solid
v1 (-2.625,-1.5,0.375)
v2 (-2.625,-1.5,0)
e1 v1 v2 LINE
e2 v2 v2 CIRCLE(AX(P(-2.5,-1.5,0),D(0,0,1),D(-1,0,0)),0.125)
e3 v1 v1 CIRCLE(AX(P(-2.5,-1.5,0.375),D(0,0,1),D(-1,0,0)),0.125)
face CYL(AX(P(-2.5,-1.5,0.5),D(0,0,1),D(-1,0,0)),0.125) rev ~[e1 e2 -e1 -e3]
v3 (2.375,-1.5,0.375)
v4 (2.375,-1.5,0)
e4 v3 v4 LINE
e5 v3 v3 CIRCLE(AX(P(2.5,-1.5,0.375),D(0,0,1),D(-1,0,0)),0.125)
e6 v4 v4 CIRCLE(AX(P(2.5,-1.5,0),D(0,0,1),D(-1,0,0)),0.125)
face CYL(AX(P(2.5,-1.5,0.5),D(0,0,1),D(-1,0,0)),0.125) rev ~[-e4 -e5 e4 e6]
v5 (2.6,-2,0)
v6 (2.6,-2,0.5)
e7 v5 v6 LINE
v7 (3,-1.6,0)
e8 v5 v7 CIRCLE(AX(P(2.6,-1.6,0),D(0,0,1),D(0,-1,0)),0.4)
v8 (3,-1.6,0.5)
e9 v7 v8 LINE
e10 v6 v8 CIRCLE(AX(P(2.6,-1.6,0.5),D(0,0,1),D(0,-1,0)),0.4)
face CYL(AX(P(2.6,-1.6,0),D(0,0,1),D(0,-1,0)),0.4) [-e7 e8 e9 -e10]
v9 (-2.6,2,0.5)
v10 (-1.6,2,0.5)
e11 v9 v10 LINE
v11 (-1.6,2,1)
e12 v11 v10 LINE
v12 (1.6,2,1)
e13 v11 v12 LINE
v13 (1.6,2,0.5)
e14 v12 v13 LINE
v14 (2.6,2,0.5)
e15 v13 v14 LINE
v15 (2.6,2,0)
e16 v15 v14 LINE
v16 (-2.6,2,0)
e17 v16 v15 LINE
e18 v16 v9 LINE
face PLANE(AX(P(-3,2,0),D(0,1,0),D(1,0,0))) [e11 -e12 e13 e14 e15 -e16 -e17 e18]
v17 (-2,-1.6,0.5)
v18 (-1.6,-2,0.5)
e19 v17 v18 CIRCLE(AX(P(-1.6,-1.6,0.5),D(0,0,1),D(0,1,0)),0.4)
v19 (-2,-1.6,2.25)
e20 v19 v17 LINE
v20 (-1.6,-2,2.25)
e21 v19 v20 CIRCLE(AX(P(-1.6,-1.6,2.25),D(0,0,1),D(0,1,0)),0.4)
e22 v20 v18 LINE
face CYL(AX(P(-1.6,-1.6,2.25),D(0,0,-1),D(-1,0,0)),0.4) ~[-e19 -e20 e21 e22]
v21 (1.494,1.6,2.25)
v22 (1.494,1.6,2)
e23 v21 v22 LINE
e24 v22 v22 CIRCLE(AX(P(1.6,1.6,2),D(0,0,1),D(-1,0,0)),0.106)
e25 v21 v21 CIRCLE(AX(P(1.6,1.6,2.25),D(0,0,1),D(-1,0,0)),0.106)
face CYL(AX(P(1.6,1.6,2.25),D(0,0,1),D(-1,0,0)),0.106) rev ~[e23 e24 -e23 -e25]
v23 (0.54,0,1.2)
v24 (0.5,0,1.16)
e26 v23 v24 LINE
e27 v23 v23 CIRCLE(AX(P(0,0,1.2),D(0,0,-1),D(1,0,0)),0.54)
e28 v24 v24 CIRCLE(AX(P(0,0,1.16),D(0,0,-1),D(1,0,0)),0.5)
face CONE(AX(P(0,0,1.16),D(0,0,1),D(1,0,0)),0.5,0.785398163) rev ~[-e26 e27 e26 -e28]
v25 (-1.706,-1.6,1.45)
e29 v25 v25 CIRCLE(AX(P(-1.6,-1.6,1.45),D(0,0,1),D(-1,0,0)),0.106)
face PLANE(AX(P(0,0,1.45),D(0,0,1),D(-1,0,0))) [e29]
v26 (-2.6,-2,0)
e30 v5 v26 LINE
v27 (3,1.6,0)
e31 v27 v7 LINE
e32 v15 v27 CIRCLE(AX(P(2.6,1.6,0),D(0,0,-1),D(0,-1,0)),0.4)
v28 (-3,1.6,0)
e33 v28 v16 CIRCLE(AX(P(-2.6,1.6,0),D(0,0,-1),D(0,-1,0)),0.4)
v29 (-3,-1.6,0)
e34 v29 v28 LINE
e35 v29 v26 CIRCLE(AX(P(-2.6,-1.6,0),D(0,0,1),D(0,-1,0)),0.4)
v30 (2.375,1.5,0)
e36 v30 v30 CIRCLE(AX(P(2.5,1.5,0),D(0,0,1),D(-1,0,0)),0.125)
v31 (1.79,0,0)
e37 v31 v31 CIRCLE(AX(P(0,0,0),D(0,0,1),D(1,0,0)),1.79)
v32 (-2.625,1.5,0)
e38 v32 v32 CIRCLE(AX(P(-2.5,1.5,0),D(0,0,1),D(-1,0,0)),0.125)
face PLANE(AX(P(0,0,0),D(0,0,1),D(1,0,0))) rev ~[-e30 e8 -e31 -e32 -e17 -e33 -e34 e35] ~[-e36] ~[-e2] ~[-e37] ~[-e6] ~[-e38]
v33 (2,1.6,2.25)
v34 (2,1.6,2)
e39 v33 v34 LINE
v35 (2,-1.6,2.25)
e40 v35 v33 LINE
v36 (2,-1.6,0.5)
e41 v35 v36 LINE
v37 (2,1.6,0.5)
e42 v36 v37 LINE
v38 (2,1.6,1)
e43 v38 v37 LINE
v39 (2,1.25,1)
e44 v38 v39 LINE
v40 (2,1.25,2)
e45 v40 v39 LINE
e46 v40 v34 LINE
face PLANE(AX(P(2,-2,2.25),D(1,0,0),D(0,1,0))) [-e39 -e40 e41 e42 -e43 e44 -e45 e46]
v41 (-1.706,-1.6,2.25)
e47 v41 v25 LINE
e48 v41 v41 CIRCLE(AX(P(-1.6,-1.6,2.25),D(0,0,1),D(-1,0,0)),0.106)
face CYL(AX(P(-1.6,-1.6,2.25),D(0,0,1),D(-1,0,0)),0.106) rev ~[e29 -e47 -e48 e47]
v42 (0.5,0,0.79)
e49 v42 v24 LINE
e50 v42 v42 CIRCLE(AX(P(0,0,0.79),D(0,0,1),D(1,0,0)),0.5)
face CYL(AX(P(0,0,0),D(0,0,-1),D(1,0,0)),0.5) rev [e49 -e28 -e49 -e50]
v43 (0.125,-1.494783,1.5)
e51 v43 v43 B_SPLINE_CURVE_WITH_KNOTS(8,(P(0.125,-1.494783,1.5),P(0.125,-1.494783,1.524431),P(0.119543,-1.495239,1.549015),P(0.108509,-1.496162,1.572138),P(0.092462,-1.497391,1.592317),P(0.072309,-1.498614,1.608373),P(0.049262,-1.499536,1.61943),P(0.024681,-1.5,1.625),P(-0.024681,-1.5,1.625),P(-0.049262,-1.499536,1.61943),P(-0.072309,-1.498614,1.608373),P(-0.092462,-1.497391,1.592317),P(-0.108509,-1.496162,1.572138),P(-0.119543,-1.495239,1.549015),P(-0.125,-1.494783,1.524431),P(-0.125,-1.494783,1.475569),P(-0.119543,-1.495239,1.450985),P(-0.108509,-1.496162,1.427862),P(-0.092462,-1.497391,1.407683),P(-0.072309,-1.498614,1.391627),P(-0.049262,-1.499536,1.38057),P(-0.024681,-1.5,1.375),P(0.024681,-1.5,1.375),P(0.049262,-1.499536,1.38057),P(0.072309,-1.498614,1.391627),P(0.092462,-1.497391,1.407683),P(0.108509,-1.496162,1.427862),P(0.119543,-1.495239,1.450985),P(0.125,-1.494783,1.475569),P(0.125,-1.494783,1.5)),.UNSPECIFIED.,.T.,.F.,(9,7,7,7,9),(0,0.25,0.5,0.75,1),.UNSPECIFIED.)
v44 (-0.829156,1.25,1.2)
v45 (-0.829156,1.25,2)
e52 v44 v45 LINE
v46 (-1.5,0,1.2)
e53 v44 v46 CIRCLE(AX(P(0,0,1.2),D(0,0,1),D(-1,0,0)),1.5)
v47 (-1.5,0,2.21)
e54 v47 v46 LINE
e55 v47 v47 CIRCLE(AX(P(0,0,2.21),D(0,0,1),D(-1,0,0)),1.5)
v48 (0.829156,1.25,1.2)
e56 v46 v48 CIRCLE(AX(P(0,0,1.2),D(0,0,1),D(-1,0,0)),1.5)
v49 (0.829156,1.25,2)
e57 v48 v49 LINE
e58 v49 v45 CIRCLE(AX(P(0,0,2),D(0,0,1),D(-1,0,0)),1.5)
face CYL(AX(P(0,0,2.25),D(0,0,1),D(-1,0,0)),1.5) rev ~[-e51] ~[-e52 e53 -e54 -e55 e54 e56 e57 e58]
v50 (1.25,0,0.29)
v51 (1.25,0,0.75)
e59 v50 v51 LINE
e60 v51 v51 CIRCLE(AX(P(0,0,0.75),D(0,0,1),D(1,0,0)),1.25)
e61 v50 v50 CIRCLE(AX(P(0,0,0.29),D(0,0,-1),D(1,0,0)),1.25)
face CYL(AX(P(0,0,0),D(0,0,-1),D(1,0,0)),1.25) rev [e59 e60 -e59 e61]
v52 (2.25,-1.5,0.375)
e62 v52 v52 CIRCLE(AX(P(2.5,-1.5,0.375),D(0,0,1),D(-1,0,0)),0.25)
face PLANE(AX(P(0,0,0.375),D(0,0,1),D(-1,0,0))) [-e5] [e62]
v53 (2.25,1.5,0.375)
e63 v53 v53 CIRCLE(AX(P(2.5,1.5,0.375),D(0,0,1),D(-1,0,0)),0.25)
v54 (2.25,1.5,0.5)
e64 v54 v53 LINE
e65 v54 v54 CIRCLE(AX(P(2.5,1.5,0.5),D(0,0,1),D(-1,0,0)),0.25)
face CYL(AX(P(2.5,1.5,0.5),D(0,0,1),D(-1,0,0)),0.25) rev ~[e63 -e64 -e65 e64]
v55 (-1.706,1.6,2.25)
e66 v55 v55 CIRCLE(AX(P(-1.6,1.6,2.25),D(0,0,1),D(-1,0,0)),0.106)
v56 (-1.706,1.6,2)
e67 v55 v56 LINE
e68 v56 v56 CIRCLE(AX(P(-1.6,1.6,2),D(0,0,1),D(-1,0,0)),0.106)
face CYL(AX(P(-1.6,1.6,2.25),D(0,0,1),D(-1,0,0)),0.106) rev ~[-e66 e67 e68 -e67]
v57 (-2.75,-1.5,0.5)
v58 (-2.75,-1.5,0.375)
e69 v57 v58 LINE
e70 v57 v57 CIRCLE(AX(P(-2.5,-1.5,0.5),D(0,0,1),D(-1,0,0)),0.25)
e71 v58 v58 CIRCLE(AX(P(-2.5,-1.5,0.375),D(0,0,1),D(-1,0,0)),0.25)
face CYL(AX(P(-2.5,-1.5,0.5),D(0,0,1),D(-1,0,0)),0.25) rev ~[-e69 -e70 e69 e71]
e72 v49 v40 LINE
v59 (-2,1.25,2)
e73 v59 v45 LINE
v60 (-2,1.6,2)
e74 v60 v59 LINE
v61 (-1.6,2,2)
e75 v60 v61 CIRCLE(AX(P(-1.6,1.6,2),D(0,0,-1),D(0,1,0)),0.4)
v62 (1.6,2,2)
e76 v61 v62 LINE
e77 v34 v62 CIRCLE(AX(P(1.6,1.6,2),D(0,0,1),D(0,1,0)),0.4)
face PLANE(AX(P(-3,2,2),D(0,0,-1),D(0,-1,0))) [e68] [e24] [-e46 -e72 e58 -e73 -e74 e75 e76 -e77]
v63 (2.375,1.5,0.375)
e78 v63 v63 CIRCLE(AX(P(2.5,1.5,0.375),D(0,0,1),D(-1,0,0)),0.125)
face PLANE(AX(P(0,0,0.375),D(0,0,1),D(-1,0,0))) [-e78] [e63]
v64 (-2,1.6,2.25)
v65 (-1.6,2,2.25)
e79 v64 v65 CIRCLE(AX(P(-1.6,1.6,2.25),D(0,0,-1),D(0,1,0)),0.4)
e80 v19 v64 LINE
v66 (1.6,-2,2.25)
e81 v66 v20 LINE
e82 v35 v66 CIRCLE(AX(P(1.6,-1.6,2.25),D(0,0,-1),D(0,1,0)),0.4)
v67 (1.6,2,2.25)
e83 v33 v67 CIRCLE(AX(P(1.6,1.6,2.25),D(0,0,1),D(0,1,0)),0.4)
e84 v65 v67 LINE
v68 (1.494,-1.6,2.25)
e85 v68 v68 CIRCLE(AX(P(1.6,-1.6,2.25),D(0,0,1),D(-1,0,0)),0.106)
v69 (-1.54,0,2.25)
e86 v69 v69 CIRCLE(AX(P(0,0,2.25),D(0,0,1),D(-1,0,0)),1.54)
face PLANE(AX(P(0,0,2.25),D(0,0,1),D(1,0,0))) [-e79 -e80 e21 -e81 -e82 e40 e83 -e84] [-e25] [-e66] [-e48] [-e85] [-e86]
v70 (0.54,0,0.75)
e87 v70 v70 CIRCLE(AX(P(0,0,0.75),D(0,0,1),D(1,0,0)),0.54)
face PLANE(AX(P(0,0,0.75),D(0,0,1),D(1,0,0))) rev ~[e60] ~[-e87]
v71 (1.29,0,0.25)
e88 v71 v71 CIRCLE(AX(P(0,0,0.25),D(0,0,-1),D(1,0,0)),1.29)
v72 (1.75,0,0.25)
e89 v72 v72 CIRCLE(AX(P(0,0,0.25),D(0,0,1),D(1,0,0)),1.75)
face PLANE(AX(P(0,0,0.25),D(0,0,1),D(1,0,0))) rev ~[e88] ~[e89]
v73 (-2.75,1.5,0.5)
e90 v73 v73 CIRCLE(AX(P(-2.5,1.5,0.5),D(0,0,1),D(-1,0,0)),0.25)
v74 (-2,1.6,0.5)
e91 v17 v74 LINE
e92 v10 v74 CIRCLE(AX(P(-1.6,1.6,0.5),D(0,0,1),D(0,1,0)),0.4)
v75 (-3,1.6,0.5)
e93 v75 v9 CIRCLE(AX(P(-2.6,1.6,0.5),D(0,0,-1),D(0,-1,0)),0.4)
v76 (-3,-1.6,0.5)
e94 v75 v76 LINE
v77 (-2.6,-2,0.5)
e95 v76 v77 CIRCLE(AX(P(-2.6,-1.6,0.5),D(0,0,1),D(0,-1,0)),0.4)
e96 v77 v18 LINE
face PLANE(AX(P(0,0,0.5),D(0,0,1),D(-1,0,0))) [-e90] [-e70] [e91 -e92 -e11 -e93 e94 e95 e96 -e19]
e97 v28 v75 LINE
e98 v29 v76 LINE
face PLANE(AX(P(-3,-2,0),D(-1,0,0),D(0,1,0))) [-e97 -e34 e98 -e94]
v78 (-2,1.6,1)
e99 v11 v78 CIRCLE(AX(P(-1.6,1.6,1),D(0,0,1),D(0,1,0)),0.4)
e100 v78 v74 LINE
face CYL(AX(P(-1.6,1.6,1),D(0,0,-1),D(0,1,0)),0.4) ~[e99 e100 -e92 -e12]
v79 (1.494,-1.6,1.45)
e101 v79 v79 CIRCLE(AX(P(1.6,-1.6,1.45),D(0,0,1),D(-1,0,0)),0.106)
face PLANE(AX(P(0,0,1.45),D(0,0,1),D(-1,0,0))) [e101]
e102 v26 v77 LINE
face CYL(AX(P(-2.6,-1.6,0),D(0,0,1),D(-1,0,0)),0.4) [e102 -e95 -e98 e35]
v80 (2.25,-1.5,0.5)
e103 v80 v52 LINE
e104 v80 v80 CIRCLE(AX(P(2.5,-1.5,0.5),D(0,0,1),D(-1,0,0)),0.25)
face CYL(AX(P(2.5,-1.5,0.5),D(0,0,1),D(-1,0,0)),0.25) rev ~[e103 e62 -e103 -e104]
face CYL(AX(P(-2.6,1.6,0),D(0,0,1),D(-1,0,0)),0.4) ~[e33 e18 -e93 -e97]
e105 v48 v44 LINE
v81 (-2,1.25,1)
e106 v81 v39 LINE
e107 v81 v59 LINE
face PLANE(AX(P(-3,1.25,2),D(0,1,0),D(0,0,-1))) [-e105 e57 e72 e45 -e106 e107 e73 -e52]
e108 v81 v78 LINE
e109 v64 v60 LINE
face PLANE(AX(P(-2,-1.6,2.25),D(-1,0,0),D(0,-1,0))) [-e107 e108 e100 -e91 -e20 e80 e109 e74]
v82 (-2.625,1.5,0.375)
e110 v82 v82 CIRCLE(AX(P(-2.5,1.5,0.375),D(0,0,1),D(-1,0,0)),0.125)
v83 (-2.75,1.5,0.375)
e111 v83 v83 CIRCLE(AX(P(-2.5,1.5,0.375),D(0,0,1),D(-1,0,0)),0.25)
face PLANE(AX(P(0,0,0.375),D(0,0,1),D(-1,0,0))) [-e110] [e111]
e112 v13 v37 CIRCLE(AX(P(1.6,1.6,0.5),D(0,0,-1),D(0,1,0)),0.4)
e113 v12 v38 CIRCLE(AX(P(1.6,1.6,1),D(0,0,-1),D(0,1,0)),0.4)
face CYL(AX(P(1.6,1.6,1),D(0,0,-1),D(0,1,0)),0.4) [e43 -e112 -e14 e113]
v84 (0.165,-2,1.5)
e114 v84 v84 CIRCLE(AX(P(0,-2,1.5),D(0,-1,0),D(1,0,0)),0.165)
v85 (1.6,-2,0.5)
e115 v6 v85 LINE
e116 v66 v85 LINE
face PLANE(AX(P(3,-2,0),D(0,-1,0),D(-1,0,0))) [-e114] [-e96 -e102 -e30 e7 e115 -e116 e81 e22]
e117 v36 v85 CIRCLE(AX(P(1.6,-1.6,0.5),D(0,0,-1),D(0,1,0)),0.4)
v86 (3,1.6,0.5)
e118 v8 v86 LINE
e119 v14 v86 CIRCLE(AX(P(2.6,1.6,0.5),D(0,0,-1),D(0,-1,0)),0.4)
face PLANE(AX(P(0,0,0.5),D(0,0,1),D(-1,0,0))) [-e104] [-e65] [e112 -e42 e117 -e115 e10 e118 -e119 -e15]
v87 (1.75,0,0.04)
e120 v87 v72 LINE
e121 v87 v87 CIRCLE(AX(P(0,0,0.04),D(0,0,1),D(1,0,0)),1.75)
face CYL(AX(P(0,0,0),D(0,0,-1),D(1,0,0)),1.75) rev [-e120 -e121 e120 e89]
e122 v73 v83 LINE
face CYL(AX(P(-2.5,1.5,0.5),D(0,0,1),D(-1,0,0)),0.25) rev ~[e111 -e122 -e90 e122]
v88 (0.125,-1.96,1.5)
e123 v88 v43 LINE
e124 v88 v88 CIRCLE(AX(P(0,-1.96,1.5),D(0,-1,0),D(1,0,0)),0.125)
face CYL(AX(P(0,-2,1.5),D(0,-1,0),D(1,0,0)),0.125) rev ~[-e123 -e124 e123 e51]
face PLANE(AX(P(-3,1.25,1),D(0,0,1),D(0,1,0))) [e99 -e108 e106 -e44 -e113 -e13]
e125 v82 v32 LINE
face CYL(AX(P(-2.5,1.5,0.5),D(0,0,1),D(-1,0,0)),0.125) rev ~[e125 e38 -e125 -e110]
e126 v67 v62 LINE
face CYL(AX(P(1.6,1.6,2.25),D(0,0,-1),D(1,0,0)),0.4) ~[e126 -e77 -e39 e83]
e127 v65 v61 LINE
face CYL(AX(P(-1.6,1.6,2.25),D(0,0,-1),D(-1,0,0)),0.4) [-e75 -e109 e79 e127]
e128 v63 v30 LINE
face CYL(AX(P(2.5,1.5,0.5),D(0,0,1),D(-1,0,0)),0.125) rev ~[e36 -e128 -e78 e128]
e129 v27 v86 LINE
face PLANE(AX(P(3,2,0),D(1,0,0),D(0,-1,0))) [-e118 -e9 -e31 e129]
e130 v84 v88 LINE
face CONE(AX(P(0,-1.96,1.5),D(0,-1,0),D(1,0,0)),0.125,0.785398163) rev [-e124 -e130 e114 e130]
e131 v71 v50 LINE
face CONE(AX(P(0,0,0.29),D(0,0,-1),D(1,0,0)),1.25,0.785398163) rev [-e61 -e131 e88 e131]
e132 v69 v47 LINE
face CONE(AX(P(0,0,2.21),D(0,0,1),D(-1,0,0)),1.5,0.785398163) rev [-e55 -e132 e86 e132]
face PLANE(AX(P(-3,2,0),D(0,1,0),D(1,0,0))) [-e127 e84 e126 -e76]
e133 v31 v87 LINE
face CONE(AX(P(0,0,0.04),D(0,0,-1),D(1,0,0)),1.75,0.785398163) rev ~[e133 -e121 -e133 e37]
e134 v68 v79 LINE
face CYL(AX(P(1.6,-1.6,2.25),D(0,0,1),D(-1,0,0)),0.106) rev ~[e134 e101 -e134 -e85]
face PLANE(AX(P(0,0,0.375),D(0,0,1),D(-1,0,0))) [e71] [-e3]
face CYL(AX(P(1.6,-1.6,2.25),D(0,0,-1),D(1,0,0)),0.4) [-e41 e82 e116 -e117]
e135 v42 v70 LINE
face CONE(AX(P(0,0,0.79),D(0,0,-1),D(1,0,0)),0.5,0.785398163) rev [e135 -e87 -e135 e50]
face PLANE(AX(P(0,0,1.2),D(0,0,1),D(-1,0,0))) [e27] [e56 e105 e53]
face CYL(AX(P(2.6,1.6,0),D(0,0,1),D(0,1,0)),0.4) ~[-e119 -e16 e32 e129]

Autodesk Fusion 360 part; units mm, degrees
sketch "Sketch1" plane through (0, 0, 0) normal (0, 0, 1) x (1, 0, 0)
  line L0 (3, -2) -> (-3, -2)
  line L1 (-3, -2) -> (-3, 2)
  line L2 (-3, 2) -> (3, 2)
  line L3 (3, 2) -> (3, -2)
  line L4 (3, -2) -> (-3, 2) construction
  line L5 (-3, -2) -> (3, 2) construction
  circle A0 centre (0, 0) radius 1.75
  circle A1 centre (0, 0) radius 1.25
  circle A2 centre (0, 0) radius 0.5
  dimension "d1" = 6
  dimension "d2" = 4
  dimension "d3" = 3.5
  dimension "d4" = 2.5
  dimension "d5" = 1
extrude "Extrude1" add sketch "Sketch1" along normal blind 2.25 contours L0 L1 L2 L3 | A0 | A1 | A2
extrude "Extrude2" cut sketch "Sketch1" along normal blind 0.25 contours A0 | A1 | A2
extrude "Extrude3" cut sketch "Sketch1" along normal blind 0.75 contours A1
extrude "Extrude4" cut sketch "Sketch1" along normal blind 2.7 contours A2
sketch "Sketch2" plane through (0, 0, 2.25) normal (0, 0, 1) x (-1, 0, 0)
  circle A0 centre (0, 0) radius 0.5
  line L0 (-3, -2) -> (3, -2)
  line L1 (3, -2) -> (3, 2)
  line L2 (3, 2) -> (-3, 2)
  line L3 (-3, 2) -> (-3, -2)
  circle A1 centre (0, 0) radius 1.5
  line L4 (2, 2) -> (-2, 2)
  line L5 (-2, 2) -> (-2, -2)
  line L6 (-2, -2) -> (2, -2)
  line L7 (2, -2) -> (2, 2)
  line L8 (2, 2) -> (-2, -2) construction
  line L9 (-2, 2) -> (2, -2) construction
  line L10 (2, -2) -> (1.6, -2)
  line L11 (2, -1.6) -> (2, -2)
  line L12 (-2, -2) -> (-1.6, -2)
  line L13 (-2, -1.6) -> (-2, -2)
  line L14 (2, 1.6) -> (2, 2)
  line L15 (-2, 2) -> (-1.6, 2)
  line L16 (-2, 1.6) -> (-2, 2)
  circle A2 centre (-1.6, 1.6) radius 0.106
  circle A3 centre (1.6, 1.6) radius 0.106
  circle A4 centre (1.6, -1.6) radius 0.106
  circle A5 centre (-1.6, -1.6) radius 0.106
  dimension "d14" = 3
  dimension "d23" = 4
  dimension "d24" = 4
  dimension "d47" = 0.4
  dimension "d48" = 0.4
  dimension "d49" = 0.4
  dimension "d50" = 0.4
  dimension "d52" = 0.4
  dimension "d53" = 0.4
  dimension "d54" = 0.4
  dimension "d55" = 0.212
  dimension "d56" = 0.212
  dimension "d57" = 0.212
  dimension "d58" = 0.212
extrude "Extrude5" cut sketch "Sketch2" against normal blind 1.05 contours A1
sketch "Sketch3" plane through (-3, 0, 0) normal (-1, 0, 0) x (0, -1, 0)
  line L0 (-2, 0) -> (2, 0)
  line L1 (2, 0) -> (2, 2.25)
  line L2 (2, 2.25) -> (-2, 2.25)
  line L3 (-2, 2.25) -> (-2, 0)
  line L4 (-2, 0) -> (-2, 1)
  line L5 (-2, 1) -> (-2, 2)
  line L6 (-2, 2) -> (-1.25, 2)
  line L7 (-1.25, 2) -> (-1.25, 1)
  line L8 (-1.25, 1) -> (-2, 1)
  dimension "d17" = 1
  dimension "d18" = 1
  dimension "d19" = 0.75
  dimension "d20" = 1
extrude "Extrude6" cut sketch "Sketch3" against normal blind 6.4 contours L3 L5 L6 L7 L8
extrude "Extrude7" cut sketch "Sketch2" against normal blind 1.75 contours L0 L1 L2 L7 L11 L14
extrude "Extrude8" cut sketch "Sketch2" against normal blind 1.75 contours L0 L2 L3 L5 L13 L16
sketch "Sketch4" plane through (0, 0, 0.5) normal (0, 0, 1) x (-1, 0, 0)
  line L0 (-3, 2) -> (-3, -2)
  line L1 (-3, -2) -> (-2, -2)
  line L2 (-2, -2) -> (-2, 2)
  line L3 (-2, 2) -> (-3, 2)
  circle A0 centre (-2.5, -1.5) radius 0.25
  circle A1 centre (-2.5, -1.5) radius 0.125
  circle A2 centre (-2.5, 1.5) radius 0.25
  circle A3 centre (-2.5, 1.5) radius 0.125
  circle A4 centre (2.5, 1.5) radius 0.25
  circle A5 centre (2.5, 1.5) radius 0.125
  circle A6 centre (2.5, -1.5) radius 0.25
  circle A7 centre (2.5, -1.5) radius 0.125
  dimension "d31" = 0.5
  dimension "d32" = 0.25
extrude "Extrude9" cut sketch "Sketch4" against normal blind 0.125 contours A0 | A1 | A2 | A3 | A4 | A5 | A6 | A7
extrude "Extrude10" cut sketch "Sketch4" against normal blind 1.3 contours A1 | A3 | A5 | A7
chamfer "Chamfer1" distance 0.04 angle 45 3 edges at (1.3985, -0.5424, 2.25) (-0.4662, -0.1808, 1.2) (-0.4662, 0.1808, 0.75)
chamfer "Chamfer2" distance 0.04 angle 45 2 edges at (-1.6316, -0.6328, 0) (-1.1654, -0.452, 0.25)
fillet "Fillet1" radius 0.4 1 edges at (-3, 2, 0.25)
fillet "Fillet2" radius 0.4 3 edges at (-3, -2, 0.25) (3, -2, 0.25) (3, 2, 0.25)
fillet "Fillet3" radius 0.4 4 edges at (-2, 2, 2.125) (-2, 2, 0.75) (2, 2, 2.125) (2, 2, 0.75)
fillet "Fillet4" radius 0.4 2 edges at (-2, -2, 1.375) (2, -2, 1.375)
extrude "Extrude11" cut sketch "Sketch2" against normal blind 0.8 contours A2 | A3 | A4 | A5
sketch "Sketch5" plane through (0, -2, 0) normal (0, -1, 0) x (1, 0, 0)
  line L0 (2.6, 0.5) -> (1.6, 0.5)
  line L1 (1.6, 0.5) -> (1.6, 2.25)
  line L2 (1.6, 2.25) -> (-1.6, 2.25)
  line L3 (-1.6, 2.25) -> (-1.6, 0.5)
  line L4 (-1.6, 0.5) -> (-2.6, 0.5)
  line L5 (-2.6, 0.5) -> (-2.6, 0)
  line L6 (-2.6, 0) -> (2.6, 0)
  line L7 (2.6, 0) -> (2.6, 0.5)
  circle A0 centre (0, 1.5) radius 0.125
  dimension "d61" = 1.5
  dimension "d62" = 0.25
extrude "Extrude12" cut sketch "Sketch5" against normal blind 0.9 contours A0
chamfer "Chamfer3" distance 0.04 angle 45 1 edges at (-0.1165, -2, 1.5452)
